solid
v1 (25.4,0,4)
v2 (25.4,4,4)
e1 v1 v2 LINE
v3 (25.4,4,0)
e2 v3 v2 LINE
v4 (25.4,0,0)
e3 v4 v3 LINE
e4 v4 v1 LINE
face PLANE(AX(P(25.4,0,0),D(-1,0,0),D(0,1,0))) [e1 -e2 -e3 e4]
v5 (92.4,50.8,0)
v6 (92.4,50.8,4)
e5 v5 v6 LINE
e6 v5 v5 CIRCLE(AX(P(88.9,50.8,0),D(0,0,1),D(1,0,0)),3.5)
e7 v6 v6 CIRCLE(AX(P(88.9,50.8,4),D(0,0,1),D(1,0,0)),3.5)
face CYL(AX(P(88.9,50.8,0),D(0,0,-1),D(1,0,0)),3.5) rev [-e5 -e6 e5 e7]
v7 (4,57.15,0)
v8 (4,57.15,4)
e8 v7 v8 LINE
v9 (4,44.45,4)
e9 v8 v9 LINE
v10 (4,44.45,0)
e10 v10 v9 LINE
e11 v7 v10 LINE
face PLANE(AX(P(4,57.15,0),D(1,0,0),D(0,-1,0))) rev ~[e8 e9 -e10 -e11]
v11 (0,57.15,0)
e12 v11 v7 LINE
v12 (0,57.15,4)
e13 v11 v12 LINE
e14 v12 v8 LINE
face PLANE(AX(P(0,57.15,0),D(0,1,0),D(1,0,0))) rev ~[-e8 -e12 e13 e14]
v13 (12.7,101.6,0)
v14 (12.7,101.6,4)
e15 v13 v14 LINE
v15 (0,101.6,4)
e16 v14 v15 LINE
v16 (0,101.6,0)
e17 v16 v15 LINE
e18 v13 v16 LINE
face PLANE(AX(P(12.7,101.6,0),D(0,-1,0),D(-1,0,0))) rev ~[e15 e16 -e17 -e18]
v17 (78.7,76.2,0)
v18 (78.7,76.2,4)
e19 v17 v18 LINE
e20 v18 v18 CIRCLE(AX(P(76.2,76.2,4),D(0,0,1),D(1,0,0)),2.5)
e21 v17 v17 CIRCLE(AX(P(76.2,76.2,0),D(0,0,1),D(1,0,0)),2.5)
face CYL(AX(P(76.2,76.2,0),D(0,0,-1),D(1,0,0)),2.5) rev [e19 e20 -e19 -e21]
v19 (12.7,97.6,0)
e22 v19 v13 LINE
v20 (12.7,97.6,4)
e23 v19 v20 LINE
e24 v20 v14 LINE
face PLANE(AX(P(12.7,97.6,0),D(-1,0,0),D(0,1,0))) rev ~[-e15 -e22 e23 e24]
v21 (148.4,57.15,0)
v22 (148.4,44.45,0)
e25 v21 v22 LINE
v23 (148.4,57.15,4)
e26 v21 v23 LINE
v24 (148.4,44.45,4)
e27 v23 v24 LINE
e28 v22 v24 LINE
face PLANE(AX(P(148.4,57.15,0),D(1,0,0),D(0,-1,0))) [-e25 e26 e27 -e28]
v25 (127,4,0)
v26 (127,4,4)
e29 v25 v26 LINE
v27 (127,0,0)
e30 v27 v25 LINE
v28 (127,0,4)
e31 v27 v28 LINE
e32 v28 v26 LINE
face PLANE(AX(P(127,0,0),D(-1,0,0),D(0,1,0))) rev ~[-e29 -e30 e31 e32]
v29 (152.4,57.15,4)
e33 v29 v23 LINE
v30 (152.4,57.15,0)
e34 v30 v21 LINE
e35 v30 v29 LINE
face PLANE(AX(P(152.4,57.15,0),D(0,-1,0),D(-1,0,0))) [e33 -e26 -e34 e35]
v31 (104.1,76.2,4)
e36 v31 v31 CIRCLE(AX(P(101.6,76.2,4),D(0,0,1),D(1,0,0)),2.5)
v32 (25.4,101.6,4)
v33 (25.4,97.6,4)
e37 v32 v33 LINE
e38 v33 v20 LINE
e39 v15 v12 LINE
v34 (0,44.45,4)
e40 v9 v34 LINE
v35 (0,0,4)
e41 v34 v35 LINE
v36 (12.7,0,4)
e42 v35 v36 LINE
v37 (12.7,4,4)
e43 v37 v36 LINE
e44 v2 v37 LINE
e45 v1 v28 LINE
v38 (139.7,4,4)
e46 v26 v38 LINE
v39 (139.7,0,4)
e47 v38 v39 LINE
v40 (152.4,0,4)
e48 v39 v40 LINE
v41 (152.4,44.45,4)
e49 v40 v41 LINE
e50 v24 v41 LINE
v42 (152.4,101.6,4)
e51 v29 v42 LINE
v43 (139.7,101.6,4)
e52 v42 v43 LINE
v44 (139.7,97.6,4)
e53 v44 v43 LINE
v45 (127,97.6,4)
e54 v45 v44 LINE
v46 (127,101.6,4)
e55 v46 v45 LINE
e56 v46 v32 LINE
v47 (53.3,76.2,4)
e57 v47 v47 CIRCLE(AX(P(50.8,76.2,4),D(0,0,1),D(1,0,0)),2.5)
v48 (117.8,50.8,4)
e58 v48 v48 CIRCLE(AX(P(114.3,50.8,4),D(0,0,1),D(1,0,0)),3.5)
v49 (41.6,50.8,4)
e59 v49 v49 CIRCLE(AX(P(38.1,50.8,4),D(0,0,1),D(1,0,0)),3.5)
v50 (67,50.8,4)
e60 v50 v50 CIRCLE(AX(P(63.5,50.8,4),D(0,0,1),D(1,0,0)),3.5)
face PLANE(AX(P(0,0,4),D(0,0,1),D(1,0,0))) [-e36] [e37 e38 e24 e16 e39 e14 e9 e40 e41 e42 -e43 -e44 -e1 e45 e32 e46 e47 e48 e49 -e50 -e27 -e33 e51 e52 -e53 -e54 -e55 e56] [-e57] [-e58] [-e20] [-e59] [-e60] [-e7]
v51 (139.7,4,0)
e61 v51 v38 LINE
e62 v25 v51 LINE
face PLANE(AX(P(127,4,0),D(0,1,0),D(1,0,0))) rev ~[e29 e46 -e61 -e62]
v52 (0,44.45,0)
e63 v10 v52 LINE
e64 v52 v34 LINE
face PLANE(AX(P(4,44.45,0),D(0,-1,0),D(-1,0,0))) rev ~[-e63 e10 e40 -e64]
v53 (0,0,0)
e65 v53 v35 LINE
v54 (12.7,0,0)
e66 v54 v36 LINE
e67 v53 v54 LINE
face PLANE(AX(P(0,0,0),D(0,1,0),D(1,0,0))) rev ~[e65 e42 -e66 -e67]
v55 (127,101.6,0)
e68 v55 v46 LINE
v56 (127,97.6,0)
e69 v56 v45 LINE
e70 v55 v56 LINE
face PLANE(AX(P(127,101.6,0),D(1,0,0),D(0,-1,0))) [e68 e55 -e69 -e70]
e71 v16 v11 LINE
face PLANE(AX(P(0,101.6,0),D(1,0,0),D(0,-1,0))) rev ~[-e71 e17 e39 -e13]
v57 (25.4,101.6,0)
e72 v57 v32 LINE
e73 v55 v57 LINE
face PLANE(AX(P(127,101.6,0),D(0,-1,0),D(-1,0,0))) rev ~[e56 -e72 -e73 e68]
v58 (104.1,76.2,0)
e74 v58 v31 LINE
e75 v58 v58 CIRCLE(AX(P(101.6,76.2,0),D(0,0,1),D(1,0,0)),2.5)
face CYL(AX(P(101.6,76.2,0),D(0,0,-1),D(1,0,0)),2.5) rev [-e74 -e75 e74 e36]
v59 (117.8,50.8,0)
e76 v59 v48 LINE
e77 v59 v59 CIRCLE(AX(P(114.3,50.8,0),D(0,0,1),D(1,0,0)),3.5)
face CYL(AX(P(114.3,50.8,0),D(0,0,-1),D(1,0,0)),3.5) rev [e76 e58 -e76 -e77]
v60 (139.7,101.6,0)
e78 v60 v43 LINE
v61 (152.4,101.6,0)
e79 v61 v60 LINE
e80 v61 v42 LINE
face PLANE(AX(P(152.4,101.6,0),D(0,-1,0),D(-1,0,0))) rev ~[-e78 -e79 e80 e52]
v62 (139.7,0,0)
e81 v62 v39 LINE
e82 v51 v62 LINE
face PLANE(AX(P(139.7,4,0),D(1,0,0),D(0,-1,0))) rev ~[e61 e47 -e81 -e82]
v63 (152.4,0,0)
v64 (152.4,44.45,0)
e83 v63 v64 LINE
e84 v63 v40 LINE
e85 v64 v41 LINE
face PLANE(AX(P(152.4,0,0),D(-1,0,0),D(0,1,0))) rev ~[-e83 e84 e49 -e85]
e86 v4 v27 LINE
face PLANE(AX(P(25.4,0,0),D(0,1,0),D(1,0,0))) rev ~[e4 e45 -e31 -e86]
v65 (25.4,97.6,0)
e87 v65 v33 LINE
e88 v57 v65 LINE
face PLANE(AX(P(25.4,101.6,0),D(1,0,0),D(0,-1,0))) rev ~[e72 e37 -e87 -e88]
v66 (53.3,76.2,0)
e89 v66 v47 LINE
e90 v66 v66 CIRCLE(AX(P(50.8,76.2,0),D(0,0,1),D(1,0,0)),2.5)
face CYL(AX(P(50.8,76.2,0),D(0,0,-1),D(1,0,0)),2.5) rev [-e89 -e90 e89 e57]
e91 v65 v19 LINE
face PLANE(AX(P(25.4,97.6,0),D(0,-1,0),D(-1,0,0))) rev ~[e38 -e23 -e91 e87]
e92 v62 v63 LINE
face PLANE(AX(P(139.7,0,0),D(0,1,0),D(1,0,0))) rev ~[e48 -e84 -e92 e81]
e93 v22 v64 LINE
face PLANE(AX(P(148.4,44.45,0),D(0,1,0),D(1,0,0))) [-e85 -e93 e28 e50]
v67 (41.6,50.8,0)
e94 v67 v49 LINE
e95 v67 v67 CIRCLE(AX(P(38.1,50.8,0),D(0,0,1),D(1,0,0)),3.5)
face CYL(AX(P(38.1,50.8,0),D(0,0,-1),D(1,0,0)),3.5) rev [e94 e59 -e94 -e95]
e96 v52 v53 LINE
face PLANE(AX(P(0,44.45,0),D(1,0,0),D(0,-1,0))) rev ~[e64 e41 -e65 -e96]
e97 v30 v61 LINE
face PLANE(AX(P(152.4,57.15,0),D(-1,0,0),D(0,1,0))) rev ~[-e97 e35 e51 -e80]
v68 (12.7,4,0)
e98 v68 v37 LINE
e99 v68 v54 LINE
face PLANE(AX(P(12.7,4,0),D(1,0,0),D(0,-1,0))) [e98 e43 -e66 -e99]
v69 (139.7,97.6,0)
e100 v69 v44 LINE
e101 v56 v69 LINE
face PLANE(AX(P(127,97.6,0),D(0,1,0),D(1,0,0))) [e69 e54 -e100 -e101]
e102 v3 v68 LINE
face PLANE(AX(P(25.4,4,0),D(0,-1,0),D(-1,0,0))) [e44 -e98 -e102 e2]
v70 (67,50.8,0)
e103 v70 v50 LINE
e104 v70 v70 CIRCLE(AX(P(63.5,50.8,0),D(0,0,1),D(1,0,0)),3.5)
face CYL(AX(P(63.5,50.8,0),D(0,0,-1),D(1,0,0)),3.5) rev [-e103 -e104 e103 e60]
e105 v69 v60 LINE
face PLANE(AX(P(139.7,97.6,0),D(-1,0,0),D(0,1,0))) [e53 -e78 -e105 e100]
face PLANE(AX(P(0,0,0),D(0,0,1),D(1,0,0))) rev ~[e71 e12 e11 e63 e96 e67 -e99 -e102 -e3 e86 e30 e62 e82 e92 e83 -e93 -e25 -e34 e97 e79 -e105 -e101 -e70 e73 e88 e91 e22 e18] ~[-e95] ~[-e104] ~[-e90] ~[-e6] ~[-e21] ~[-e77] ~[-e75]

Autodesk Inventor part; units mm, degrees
ref_plane "YZ Plane" through (0, 0, 0) normal (1, 0, 0) x (0, 1, 0)
ref_plane "XZ Plane" through (0, 0, 0) normal (0, 1, 0) x (-1, 0, 0)
ref_plane "XY Plane" through (0, 0, 0) normal (0, 0, 1) x (1, 0, 0)
sketch "Sketch1" plane through (0, 0, 0) normal (0, 0, 1) x (1, 0, 0)
  line L0 (0, 0) -> (152.4, 0)
  line L1 (152.4, 0) -> (152.4, 101.6)
  line L2 (152.4, 101.6) -> (0, 101.6)
  line L3 (0, 101.6) -> (0, 0)
  circle A0 centre (38.1, 50.8) radius 3.5
  circle A1 centre (63.5, 50.8) radius 3.5
  circle A2 centre (88.9, 50.8) radius 3.5
  circle A3 centre (114.3, 50.8) radius 3.5
  circle A4 centre (50.8, 76.2) radius 2.5
  circle A5 centre (76.2, 76.2) radius 2.5
  circle A6 centre (101.6, 76.2) radius 2.5
  line L4 (12.7, 101.6) -> (25.4, 101.6)
  line L5 (25.4, 101.6) -> (25.4, 97.6)
  line L6 (25.4, 97.6) -> (12.7, 97.6)
  line L7 (12.7, 97.6) -> (12.7, 101.6)
  line L8 (139.7, 101.6) -> (127, 101.6)
  line L9 (127, 101.6) -> (127, 97.6)
  line L10 (127, 97.6) -> (139.7, 97.6)
  line L11 (139.7, 97.6) -> (139.7, 101.6)
  line L12 (139.7, 0) -> (127, 0)
  line L13 (127, 0) -> (127, 4)
  line L14 (127, 4) -> (139.7, 4)
  line L15 (139.7, 4) -> (139.7, 0)
  line L16 (12.7, 0) -> (25.4, 0)
  line L17 (25.4, 0) -> (25.4, 4)
  line L18 (25.4, 4) -> (12.7, 4)
  line L19 (12.7, 4) -> (12.7, 0)
  line L20 (0, 57.15) -> (4, 57.15)
  line L21 (4, 57.15) -> (4, 44.45)
  line L22 (4, 44.45) -> (0, 44.45)
  line L23 (0, 44.45) -> (0, 57.15)
  line L24 (152.4, 57.15) -> (148.4, 57.15)
  line L25 (148.4, 57.15) -> (148.4, 44.45)
  line L26 (148.4, 44.45) -> (152.4, 44.45)
  line L27 (152.4, 44.45) -> (152.4, 57.15)
  point P0 (76.2, 0)
  point P1 (76.2, 101.6)
  point P2 (12.7, 99.6)
  point P3 (139.7, 99.6)
  point P4 (12.7, 2)
  point P5 (0, 50.8)
  point P6 (4, 50.8)
  point P7 (148.4, 50.8)
  point P8 (152.4, 50.8)
  point P9 (0, 50.8)
  dimension "d0" = 152.4
  dimension "d1" = 101.6
  dimension "d2" = 7
  dimension "d5" = 25.4
  dimension "d10" = 12.7
  dimension "d11" = 50.8
  dimension "d12" = 5
  dimension "d15" = 25.4
  dimension "d20" = 25.4
  dimension "d21" = 12.7
  dimension "d22" = 4
  dimension "d23" = 12.7
  dimension "d24" = 12.7
  dimension "d25" = 4
  dimension "d26" = 12.7
  dimension "d27" = 4
  dimension "d28" = 12.7
  dimension "d29" = 4
  dimension "d30" = 4
  dimension "d31" = 12.7
  dimension "d32" = 4
  dimension "d33" = 12.7
  dimension "d34" = 12.7
  dimension "d35" = 12.7
extrude "Extrusion1" add sketch "Sketch1" along normal blind 4 contours L3 L22 L21 L20 L2 L7 L6 L5 L9 L10 L11 L1 L24 L25 L26 L0 L15 L14 L13 L17 L18 L19
properties part number "Front Panel" material "Wood (Birch)"
